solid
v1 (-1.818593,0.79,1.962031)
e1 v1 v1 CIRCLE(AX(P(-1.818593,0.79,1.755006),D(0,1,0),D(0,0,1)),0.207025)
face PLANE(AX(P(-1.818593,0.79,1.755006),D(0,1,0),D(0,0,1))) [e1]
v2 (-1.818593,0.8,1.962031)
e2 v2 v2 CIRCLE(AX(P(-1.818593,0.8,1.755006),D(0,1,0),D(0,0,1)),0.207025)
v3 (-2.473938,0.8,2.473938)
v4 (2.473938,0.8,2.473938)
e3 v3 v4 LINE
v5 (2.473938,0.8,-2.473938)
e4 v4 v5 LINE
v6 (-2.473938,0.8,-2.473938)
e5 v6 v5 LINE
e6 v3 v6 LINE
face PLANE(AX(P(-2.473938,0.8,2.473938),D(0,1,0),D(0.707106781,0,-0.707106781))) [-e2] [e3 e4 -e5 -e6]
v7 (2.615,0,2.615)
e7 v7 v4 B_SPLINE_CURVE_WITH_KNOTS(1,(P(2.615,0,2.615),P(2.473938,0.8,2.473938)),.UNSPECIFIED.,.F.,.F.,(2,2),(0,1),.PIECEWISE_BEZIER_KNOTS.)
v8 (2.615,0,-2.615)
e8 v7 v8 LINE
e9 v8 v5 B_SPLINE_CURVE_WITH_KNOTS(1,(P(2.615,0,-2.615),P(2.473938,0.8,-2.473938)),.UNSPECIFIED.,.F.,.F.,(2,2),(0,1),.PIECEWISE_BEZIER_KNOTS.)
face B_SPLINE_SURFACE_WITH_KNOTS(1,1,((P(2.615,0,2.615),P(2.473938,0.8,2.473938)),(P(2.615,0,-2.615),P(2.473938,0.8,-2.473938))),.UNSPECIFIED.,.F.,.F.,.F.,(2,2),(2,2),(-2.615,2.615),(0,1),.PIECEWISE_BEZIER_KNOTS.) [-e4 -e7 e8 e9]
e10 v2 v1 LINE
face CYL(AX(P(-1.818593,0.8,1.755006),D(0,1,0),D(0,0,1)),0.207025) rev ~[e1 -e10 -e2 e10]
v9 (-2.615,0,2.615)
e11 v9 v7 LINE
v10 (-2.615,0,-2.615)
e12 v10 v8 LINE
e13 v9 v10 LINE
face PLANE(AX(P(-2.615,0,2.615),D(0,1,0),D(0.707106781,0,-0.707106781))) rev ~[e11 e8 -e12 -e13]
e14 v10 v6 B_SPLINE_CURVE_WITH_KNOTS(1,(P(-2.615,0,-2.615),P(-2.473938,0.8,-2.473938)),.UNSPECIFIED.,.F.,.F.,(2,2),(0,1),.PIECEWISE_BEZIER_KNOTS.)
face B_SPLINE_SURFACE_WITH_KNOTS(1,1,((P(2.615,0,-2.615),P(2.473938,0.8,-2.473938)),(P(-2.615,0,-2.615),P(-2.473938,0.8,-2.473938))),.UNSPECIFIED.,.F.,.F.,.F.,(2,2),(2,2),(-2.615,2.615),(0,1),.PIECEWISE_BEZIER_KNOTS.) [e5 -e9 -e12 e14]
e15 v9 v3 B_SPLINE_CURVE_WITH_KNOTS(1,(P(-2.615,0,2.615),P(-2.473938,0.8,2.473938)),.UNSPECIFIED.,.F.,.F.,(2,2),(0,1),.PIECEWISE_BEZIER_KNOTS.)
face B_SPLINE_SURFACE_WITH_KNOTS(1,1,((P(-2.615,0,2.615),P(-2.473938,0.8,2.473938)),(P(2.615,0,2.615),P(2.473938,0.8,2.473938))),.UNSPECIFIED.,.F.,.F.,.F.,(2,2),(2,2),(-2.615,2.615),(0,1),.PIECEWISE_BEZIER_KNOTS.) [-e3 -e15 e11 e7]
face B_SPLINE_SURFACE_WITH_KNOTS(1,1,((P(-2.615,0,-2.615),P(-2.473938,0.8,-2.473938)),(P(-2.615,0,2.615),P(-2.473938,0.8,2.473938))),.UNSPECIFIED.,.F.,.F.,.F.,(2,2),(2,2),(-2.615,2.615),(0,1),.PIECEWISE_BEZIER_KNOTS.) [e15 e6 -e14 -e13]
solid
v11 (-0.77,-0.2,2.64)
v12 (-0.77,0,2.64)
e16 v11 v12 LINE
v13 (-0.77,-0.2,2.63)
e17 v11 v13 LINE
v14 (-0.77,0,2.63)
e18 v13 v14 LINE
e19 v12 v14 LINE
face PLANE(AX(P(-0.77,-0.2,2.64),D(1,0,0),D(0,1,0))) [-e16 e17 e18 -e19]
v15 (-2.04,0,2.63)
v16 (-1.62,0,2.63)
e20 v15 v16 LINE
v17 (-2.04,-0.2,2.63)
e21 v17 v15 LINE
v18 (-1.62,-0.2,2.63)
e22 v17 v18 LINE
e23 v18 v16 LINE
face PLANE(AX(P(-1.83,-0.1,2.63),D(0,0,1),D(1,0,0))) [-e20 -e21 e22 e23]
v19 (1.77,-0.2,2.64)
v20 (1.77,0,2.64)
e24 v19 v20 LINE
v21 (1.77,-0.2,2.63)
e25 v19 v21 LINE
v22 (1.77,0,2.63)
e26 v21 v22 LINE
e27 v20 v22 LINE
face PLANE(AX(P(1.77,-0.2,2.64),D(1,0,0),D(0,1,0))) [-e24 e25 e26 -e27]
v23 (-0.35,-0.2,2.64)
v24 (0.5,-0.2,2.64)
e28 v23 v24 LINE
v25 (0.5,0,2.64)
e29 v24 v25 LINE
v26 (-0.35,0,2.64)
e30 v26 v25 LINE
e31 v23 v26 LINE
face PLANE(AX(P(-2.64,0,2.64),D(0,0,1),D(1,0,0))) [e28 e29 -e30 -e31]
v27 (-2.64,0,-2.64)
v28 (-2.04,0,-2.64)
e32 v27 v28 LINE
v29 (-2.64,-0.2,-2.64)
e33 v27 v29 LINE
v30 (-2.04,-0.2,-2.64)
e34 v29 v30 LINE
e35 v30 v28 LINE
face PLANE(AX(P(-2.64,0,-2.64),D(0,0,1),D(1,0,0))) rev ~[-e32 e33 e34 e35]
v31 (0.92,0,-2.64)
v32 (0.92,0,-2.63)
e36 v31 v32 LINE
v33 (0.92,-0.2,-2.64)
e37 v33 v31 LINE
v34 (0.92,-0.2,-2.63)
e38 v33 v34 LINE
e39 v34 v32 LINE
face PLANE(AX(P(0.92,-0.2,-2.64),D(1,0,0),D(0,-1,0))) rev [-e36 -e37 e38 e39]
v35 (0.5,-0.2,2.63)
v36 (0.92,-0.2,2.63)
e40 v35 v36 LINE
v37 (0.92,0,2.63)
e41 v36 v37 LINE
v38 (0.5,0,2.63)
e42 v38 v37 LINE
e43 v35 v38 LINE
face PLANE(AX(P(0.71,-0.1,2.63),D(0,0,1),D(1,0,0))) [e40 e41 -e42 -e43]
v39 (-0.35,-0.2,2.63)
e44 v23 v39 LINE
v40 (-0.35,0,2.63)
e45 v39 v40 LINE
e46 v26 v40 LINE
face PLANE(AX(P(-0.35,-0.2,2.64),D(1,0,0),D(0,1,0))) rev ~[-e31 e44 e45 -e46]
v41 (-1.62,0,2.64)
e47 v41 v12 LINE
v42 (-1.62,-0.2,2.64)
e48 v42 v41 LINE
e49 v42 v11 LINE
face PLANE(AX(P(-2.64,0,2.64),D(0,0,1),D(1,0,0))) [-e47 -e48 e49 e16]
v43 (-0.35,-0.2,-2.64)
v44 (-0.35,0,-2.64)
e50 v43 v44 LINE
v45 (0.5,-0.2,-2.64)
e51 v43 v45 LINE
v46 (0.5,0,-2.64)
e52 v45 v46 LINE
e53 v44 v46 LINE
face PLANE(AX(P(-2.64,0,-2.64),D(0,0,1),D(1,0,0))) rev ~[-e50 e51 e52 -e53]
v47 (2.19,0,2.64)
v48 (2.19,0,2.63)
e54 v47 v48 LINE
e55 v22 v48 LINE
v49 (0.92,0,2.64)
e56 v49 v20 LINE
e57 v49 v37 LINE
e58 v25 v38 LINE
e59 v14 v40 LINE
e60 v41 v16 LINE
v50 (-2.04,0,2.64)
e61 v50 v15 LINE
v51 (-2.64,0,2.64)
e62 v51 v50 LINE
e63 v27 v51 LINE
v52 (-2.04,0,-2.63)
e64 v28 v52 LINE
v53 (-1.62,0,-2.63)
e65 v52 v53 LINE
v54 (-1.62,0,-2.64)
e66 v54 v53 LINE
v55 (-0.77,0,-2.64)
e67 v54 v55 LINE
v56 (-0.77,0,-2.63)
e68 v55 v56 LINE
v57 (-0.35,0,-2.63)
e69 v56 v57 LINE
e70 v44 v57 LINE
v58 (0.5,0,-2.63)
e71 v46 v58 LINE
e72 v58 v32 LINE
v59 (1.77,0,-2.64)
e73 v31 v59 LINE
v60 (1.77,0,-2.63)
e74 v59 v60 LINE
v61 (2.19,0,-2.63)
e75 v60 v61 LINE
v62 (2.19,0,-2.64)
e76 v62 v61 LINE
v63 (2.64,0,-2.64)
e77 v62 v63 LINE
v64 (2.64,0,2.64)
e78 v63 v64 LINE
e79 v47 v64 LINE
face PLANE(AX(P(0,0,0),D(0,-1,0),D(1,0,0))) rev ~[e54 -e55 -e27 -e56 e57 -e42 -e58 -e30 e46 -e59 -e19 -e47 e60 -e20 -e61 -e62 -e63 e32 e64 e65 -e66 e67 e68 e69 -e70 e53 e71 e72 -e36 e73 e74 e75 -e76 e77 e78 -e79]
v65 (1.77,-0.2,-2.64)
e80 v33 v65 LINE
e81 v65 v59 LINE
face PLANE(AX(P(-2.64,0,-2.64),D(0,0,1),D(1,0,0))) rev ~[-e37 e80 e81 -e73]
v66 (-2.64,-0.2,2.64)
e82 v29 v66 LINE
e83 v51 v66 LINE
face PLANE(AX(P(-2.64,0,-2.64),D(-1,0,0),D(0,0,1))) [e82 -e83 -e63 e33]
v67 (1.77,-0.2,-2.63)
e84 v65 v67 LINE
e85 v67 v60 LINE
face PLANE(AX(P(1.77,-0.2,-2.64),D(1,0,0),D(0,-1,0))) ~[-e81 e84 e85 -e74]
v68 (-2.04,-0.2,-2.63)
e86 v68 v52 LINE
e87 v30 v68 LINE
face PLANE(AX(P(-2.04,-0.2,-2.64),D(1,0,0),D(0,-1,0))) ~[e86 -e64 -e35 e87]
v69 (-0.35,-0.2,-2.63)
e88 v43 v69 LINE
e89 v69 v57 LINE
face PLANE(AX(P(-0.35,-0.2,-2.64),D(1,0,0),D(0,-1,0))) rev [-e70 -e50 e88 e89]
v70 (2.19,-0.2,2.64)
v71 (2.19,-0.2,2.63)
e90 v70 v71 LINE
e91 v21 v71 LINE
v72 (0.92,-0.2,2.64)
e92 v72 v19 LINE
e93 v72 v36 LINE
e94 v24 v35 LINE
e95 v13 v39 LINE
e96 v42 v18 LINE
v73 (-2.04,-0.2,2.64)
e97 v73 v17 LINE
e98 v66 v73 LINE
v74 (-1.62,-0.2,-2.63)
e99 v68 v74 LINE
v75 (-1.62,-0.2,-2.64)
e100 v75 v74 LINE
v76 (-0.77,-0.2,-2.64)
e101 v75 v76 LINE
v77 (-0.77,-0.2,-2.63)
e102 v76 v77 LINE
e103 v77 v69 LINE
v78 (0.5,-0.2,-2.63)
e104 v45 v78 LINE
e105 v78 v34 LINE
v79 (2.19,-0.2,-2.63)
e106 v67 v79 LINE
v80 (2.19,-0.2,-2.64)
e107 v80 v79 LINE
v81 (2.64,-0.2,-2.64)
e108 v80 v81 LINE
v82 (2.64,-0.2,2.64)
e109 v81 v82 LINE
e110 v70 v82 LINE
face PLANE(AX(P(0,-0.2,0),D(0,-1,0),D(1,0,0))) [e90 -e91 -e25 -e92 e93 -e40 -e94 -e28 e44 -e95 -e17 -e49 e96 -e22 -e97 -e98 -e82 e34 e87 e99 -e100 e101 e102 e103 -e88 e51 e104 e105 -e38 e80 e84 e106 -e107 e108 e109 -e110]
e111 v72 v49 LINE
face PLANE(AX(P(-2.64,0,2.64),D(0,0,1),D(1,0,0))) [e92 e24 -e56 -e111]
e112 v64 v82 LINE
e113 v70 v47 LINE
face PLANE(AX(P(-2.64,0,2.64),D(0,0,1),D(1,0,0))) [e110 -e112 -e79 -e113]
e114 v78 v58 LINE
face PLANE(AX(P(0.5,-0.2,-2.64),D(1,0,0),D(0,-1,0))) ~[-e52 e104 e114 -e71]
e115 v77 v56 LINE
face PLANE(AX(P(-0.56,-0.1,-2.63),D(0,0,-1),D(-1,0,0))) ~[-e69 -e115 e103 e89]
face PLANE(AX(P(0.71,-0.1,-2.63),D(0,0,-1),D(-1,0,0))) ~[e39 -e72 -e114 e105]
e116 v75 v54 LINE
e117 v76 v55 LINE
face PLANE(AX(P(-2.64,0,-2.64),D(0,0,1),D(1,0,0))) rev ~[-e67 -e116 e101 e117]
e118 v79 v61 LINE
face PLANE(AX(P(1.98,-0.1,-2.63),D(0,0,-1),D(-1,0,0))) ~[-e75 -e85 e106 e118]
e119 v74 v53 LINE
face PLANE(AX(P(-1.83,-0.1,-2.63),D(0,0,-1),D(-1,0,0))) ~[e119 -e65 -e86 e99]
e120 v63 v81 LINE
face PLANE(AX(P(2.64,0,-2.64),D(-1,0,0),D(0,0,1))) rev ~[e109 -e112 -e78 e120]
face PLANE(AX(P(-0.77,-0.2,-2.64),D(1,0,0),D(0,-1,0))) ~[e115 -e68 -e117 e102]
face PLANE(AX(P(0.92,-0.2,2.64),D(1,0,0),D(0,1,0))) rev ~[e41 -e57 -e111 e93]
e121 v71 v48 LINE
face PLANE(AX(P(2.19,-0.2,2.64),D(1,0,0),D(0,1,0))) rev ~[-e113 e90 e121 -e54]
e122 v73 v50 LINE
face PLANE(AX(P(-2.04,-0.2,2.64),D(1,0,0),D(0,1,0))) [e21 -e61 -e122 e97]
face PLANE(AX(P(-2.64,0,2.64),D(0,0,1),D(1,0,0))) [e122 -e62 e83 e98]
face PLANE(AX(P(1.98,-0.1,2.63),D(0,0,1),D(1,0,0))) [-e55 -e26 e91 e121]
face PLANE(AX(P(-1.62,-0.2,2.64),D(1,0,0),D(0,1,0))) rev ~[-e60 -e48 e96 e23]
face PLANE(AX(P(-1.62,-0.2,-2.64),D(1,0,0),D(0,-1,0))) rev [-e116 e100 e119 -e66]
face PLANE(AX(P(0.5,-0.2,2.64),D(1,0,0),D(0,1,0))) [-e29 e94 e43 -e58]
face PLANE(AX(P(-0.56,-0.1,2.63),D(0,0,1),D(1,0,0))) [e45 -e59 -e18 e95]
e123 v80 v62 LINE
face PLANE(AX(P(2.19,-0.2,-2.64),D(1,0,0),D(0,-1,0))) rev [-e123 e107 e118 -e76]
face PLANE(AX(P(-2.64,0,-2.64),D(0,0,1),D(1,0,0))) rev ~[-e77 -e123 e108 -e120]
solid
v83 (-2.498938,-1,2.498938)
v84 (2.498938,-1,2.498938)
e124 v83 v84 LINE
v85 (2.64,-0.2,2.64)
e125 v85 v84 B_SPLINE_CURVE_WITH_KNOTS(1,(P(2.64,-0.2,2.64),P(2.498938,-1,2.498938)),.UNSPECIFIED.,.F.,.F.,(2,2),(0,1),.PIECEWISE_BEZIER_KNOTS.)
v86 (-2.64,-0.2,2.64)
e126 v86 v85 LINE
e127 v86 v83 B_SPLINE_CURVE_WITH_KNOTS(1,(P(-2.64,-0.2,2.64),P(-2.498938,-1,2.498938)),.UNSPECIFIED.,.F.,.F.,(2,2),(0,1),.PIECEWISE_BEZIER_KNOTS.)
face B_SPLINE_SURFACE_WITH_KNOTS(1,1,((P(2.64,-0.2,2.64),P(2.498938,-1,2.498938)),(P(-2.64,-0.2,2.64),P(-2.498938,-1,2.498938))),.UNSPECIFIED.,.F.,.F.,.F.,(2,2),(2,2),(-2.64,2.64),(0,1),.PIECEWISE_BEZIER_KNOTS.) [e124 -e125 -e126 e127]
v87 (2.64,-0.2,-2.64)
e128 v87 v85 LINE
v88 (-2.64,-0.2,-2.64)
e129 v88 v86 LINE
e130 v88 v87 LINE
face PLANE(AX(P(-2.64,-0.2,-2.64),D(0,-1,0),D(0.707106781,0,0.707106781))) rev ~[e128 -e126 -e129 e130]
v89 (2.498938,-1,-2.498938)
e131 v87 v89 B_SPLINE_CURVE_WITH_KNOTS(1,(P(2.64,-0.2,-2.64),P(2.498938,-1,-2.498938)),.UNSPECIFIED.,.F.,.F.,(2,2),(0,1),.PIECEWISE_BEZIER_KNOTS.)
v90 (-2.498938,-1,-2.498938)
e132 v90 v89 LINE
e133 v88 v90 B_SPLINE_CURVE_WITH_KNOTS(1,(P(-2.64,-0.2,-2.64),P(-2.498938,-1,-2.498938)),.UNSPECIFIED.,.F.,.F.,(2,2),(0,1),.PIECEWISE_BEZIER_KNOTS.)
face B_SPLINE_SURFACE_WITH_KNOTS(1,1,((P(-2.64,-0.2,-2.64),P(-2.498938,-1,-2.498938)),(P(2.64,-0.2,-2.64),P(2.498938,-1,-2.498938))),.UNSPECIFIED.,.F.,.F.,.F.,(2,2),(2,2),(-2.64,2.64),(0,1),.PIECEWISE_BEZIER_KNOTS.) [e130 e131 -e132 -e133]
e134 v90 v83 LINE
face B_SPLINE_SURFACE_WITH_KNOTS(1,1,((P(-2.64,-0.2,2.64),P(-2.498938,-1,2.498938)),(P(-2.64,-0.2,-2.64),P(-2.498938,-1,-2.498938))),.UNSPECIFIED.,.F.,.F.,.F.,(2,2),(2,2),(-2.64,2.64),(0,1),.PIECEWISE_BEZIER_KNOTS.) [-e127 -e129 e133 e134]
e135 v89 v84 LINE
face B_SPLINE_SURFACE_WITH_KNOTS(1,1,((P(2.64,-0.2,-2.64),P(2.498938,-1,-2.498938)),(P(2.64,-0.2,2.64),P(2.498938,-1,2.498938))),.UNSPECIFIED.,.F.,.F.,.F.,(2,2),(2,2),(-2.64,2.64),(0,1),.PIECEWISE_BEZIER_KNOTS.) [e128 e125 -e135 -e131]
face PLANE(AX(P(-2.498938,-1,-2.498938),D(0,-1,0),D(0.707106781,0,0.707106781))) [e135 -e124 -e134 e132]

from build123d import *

# Parameters (mm, degrees)
SKETCH3_W           = 5.23
SKETCH3_H           = 5.23
BOSS_EXTRUDE1_DEPTH = 0.8
BOSS_EXTRUDE1_TAPER = 10
SKETCH4_W           = 5.28
SKETCH4_H           = 5.28
BOSS_EXTRUDE2_DEPTH = 0.2
SKETCH5_W           = 5.28
SKETCH5_H           = 5.28
BOSS_EXTRUDE3_DEPTH = 0.8
BOSS_EXTRUDE3_TAPER = 10
SKETCH6_R           = 0.207024854
CUT_EXTRUDE1_DEPTH  = 0.01
SKETCH8_W           = 0.42
SKETCH8_H           = 0.2
CUT_EXTRUDE2_DEPTH  = 0.01


with BuildPart() as part:
    # Sketch3 → Boss-Extrude1 (new body)
    with BuildSketch(Plane(origin=(0, 0, 0), x_dir=(1, 0, 0), z_dir=(0, 1, 0))):
        Rectangle(SKETCH3_W, SKETCH3_H)
    extrude(amount=BOSS_EXTRUDE1_DEPTH, taper=BOSS_EXTRUDE1_TAPER)

    # Sketch6 → Cut-Extrude1 (cut)
    with BuildSketch(Plane(origin=(0, 0.8, 0), x_dir=(1, 0, 0), z_dir=(0, 1, 0))):
        with Locations(Location((-1.818593304, -1.755006126, 0), (0, 0, 270))):
            Circle(SKETCH6_R)
    extrude(amount=-CUT_EXTRUDE1_DEPTH, mode=Mode.SUBTRACT)


with BuildPart() as body_2:
    # Sketch4 → Boss-Extrude2 (new body)
    with BuildSketch(Plane.XZ):
        Rectangle(SKETCH4_W, SKETCH4_H)
    extrude(amount=BOSS_EXTRUDE2_DEPTH)

    # Sketch8 → Cut-Extrude2 (cut)
    with BuildSketch(Plane.XY.offset(2.64)):
        with Locations((-1.83, -0.1)):
            Rectangle(SKETCH8_W, SKETCH8_H)
        with Locations((-0.56, -0.1)):
            Rectangle(SKETCH8_W, SKETCH8_H)
        with Locations((0.71, -0.1)):
            Rectangle(SKETCH8_W, SKETCH8_H)
        with Locations((1.98, -0.1)):
            Rectangle(SKETCH8_W, SKETCH8_H)
    cut_extrude2 = extrude(amount=-CUT_EXTRUDE2_DEPTH, mode=Mode.SUBTRACT)

    # Mirror1: Cut-Extrude2 across plane
    add(cut_extrude2.mirror(Plane.XY), mode=Mode.SUBTRACT)


with BuildPart() as body_3:
    # Sketch5 → Boss-Extrude3 (new body)
    with BuildSketch(Plane.XZ.offset(0.2)):
        Rectangle(SKETCH5_W, SKETCH5_H)
    extrude(amount=BOSS_EXTRUDE3_DEPTH, taper=BOSS_EXTRUDE3_TAPER)


solid = Compound([part.part, body_2.part, body_3.part])
